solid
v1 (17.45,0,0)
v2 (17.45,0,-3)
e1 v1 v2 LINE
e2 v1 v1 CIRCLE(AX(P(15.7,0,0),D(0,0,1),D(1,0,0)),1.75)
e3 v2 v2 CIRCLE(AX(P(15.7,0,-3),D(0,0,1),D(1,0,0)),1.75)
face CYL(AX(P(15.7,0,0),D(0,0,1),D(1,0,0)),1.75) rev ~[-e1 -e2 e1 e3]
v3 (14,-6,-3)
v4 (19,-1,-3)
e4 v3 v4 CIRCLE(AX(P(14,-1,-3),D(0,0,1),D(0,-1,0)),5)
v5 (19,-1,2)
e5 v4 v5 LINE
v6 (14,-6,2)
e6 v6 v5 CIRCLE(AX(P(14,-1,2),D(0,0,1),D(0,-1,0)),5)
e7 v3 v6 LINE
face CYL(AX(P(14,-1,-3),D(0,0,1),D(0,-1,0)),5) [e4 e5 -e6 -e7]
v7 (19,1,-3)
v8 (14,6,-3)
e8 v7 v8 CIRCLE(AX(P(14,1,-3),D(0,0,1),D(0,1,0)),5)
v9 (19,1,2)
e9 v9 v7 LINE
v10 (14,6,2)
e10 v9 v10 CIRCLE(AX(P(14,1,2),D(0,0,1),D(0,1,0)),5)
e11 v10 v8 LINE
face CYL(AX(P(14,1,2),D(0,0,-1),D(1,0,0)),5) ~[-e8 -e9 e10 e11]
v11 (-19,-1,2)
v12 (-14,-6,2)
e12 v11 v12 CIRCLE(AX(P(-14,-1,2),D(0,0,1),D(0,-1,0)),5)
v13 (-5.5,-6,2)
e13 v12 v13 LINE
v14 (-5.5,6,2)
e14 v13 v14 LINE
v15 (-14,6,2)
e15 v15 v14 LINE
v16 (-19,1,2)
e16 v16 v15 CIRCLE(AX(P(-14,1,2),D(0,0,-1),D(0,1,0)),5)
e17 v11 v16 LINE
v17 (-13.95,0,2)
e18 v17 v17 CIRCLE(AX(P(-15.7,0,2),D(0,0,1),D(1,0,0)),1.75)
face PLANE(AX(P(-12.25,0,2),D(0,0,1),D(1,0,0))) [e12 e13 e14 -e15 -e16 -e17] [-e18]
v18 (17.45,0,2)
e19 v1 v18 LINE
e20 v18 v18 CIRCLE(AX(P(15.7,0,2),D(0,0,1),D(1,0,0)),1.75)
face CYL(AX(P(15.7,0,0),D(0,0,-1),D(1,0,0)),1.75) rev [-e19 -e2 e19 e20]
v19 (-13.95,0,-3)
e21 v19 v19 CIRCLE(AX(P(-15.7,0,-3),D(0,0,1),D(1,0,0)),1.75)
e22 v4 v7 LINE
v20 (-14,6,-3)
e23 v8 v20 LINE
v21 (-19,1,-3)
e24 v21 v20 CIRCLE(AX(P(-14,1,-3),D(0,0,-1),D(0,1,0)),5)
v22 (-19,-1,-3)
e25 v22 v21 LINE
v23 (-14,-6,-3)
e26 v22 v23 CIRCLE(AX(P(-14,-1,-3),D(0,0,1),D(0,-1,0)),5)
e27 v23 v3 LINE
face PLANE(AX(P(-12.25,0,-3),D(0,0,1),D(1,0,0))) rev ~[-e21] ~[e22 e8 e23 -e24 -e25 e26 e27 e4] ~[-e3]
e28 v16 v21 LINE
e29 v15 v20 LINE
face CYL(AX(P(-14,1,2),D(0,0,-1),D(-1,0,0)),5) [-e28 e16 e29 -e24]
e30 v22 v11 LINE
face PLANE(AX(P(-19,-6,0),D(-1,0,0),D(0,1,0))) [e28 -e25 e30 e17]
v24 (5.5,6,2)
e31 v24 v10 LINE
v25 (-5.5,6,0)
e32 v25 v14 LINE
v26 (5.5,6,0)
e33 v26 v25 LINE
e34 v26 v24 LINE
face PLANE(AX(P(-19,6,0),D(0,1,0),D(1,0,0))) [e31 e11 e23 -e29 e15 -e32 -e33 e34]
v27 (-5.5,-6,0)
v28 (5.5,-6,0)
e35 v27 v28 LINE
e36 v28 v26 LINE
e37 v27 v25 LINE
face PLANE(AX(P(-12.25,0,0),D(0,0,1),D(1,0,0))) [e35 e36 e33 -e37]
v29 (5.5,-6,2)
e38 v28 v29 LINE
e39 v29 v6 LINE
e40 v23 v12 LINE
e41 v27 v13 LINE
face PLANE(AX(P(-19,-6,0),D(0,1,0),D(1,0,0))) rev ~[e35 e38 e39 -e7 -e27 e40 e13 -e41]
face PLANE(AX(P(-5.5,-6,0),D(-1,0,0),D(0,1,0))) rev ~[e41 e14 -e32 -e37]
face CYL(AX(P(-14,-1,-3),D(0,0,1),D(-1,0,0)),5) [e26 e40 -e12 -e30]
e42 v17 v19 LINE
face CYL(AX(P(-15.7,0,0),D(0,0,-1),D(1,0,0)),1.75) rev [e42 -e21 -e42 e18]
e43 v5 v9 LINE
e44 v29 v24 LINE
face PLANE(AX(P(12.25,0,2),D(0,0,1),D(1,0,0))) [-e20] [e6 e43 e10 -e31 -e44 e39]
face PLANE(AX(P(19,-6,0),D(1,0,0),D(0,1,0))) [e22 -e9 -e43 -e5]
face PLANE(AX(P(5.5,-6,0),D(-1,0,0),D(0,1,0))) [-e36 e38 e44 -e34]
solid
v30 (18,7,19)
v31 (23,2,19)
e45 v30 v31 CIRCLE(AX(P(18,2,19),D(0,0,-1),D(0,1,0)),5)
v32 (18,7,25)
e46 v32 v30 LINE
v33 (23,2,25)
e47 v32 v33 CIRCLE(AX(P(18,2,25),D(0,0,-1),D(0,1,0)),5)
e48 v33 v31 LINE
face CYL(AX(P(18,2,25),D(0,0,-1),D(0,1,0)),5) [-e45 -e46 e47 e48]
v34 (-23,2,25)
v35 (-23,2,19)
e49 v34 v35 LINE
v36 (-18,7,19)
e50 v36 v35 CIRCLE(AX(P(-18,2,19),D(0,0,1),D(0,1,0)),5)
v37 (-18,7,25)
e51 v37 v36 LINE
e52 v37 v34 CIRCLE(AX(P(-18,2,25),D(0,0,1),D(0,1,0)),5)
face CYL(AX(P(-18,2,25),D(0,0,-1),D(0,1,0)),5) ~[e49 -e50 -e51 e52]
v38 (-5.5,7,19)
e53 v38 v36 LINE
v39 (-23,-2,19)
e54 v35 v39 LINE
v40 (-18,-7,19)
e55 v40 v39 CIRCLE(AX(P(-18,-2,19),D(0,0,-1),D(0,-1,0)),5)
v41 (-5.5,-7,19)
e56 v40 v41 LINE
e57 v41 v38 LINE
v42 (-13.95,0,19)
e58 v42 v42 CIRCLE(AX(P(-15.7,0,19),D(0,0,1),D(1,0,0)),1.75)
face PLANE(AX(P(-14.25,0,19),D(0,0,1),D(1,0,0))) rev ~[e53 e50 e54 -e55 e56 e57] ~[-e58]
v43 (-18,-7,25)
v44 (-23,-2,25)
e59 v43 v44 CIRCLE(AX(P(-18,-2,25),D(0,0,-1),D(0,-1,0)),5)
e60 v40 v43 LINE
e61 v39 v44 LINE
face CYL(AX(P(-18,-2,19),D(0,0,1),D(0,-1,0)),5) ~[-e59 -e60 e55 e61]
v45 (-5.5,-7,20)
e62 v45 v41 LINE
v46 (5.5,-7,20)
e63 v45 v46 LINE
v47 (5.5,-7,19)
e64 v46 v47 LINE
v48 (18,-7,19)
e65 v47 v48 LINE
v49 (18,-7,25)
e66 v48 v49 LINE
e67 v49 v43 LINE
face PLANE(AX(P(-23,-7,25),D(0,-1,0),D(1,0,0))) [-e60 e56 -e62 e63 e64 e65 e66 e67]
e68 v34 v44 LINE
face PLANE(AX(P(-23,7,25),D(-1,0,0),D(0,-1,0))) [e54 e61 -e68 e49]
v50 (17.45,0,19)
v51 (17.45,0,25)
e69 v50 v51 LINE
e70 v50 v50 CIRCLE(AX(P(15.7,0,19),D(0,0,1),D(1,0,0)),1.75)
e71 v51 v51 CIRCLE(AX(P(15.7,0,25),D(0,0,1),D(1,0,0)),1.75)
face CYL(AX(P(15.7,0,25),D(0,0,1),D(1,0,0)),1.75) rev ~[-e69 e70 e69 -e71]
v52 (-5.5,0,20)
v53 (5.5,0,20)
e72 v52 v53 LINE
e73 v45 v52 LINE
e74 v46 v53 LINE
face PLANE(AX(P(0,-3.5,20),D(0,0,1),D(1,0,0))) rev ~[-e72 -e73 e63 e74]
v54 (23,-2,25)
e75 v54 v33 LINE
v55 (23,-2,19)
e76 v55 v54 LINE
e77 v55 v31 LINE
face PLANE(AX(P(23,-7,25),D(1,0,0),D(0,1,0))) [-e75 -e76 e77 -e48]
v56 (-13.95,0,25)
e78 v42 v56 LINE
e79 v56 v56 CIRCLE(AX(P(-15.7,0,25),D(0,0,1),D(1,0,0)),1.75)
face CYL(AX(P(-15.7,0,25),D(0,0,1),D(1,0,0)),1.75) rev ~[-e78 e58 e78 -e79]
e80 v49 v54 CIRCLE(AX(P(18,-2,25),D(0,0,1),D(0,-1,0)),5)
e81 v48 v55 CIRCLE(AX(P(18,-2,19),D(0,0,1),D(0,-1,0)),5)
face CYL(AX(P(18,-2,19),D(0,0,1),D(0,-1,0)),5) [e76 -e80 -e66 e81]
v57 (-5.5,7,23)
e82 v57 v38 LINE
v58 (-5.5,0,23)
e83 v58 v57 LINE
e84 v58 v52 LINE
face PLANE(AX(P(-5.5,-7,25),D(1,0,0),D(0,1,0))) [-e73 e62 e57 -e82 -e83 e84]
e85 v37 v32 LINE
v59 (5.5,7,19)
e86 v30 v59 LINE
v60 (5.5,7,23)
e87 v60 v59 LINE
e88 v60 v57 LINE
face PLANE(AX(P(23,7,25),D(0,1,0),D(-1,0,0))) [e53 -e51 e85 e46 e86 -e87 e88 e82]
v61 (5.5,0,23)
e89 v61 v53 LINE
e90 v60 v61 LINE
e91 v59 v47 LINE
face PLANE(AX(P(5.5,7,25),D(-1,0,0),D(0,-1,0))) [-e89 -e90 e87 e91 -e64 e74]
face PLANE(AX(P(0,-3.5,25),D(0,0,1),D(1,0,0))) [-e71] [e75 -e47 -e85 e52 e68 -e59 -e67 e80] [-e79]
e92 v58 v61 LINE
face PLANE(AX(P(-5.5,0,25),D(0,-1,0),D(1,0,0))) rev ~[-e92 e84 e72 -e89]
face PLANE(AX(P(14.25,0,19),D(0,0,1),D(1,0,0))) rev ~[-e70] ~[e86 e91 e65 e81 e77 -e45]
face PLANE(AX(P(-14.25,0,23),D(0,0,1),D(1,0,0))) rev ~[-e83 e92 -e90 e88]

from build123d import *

# Parameters (mm, degrees)
F0_W     = 13.5
F0_H     = 12
F0_R     = 1.75
F0_W_2   = 11
F1_DEPTH = 3
F2_DEPTH = 2
F4_R     = 1.75
F4_W     = 11
F4_H     = 7
F5_DEPTH = 2
F6_DEPTH = 6
F7_DEPTH = 5
F8_R     = 5
F8_2_R   = 5


with BuildPart() as f1:
    # F0 (on Top) → F1 (new body)
    with BuildSketch(Plane.XY):
        with Locations((-12.25, 0)):
            Rectangle(F0_W, F0_H)
        with Locations((-15.7, 0)):
            Circle(F0_R, mode=Mode.SUBTRACT)
        Rectangle(F0_W_2, F0_H)
        with Locations((12.25, 0)):
            Rectangle(F0_W, F0_H)
        with Locations((15.7, 0)):
            Circle(F0_R, mode=Mode.SUBTRACT)
    extrude(amount=-F1_DEPTH)

    # F0 (on Top) → F2 (join)
    with BuildSketch(Plane.XY):
        with Locations((-12.25, 0)):
            Rectangle(F0_W, F0_H)
        with Locations((-15.7, 0)):
            Circle(F0_R, mode=Mode.SUBTRACT)
        with Locations((12.25, 0)):
            Rectangle(F0_W, F0_H)
        with Locations((15.7, 0)):
            Circle(F0_R, mode=Mode.SUBTRACT)
    extrude(amount=F2_DEPTH)

    # F8
    f8_edges = [f1.edges().sort_by_distance(p)[0] for p in [
        (-19, -6, -0.5),
        (-19, 6, -0.5),
        (19, -6, -0.5),
        (19, 6, -0.5),
    ]]
    fillet(f8_edges, radius=F8_R)


with BuildPart() as f5:
    # F4 (on offset) → F5 (new body)
    with BuildSketch(Plane.XY.offset(25)):
        Polygon((-5.5, 7), (-23, 7), (-23, -7), (-5.5, -7), (-5.5, 0), align=None)
        with Locations((-15.7, 0)):
            Circle(F4_R, mode=Mode.SUBTRACT)
        with Locations((0, 3.5)):
            Rectangle(F4_W, F4_H)
        with Locations((0, -3.5)):
            Rectangle(F4_W, F4_H)
        Polygon((23, 7), (5.5, 7), (5.5, 0), (5.5, -7), (23, -7), align=None)
        with Locations((15.7, 0)):
            Circle(F4_R, mode=Mode.SUBTRACT)
    extrude(amount=-F5_DEPTH)

    # F4 (on offset) → F6 (join)
    with BuildSketch(Plane.XY.offset(25)):
        Polygon((-5.5, 7), (-23, 7), (-23, -7), (-5.5, -7), (-5.5, 0), align=None)
        with Locations((-15.7, 0)):
            Circle(F4_R, mode=Mode.SUBTRACT)
        Polygon((23, 7), (5.5, 7), (5.5, 0), (5.5, -7), (23, -7), align=None)
        with Locations((15.7, 0)):
            Circle(F4_R, mode=Mode.SUBTRACT)
    extrude(amount=-F6_DEPTH)

    # F4 (on offset) → F7 (join)
    with BuildSketch(Plane.XY.offset(25)):
        with Locations((0, -3.5)):
            Rectangle(F4_W, F4_H)
    extrude(amount=-F7_DEPTH)

    # F8#2
    f8_2_edges = [f5.edges().sort_by_distance(p)[0] for p in [
        (-23, 7, 22),
        (-23, -7, 22),
        (23, 7, 22),
        (23, -7, 22),
    ]]
    fillet(f8_2_edges, radius=F8_2_R)


solid = Compound([f1.part, f5.part])
